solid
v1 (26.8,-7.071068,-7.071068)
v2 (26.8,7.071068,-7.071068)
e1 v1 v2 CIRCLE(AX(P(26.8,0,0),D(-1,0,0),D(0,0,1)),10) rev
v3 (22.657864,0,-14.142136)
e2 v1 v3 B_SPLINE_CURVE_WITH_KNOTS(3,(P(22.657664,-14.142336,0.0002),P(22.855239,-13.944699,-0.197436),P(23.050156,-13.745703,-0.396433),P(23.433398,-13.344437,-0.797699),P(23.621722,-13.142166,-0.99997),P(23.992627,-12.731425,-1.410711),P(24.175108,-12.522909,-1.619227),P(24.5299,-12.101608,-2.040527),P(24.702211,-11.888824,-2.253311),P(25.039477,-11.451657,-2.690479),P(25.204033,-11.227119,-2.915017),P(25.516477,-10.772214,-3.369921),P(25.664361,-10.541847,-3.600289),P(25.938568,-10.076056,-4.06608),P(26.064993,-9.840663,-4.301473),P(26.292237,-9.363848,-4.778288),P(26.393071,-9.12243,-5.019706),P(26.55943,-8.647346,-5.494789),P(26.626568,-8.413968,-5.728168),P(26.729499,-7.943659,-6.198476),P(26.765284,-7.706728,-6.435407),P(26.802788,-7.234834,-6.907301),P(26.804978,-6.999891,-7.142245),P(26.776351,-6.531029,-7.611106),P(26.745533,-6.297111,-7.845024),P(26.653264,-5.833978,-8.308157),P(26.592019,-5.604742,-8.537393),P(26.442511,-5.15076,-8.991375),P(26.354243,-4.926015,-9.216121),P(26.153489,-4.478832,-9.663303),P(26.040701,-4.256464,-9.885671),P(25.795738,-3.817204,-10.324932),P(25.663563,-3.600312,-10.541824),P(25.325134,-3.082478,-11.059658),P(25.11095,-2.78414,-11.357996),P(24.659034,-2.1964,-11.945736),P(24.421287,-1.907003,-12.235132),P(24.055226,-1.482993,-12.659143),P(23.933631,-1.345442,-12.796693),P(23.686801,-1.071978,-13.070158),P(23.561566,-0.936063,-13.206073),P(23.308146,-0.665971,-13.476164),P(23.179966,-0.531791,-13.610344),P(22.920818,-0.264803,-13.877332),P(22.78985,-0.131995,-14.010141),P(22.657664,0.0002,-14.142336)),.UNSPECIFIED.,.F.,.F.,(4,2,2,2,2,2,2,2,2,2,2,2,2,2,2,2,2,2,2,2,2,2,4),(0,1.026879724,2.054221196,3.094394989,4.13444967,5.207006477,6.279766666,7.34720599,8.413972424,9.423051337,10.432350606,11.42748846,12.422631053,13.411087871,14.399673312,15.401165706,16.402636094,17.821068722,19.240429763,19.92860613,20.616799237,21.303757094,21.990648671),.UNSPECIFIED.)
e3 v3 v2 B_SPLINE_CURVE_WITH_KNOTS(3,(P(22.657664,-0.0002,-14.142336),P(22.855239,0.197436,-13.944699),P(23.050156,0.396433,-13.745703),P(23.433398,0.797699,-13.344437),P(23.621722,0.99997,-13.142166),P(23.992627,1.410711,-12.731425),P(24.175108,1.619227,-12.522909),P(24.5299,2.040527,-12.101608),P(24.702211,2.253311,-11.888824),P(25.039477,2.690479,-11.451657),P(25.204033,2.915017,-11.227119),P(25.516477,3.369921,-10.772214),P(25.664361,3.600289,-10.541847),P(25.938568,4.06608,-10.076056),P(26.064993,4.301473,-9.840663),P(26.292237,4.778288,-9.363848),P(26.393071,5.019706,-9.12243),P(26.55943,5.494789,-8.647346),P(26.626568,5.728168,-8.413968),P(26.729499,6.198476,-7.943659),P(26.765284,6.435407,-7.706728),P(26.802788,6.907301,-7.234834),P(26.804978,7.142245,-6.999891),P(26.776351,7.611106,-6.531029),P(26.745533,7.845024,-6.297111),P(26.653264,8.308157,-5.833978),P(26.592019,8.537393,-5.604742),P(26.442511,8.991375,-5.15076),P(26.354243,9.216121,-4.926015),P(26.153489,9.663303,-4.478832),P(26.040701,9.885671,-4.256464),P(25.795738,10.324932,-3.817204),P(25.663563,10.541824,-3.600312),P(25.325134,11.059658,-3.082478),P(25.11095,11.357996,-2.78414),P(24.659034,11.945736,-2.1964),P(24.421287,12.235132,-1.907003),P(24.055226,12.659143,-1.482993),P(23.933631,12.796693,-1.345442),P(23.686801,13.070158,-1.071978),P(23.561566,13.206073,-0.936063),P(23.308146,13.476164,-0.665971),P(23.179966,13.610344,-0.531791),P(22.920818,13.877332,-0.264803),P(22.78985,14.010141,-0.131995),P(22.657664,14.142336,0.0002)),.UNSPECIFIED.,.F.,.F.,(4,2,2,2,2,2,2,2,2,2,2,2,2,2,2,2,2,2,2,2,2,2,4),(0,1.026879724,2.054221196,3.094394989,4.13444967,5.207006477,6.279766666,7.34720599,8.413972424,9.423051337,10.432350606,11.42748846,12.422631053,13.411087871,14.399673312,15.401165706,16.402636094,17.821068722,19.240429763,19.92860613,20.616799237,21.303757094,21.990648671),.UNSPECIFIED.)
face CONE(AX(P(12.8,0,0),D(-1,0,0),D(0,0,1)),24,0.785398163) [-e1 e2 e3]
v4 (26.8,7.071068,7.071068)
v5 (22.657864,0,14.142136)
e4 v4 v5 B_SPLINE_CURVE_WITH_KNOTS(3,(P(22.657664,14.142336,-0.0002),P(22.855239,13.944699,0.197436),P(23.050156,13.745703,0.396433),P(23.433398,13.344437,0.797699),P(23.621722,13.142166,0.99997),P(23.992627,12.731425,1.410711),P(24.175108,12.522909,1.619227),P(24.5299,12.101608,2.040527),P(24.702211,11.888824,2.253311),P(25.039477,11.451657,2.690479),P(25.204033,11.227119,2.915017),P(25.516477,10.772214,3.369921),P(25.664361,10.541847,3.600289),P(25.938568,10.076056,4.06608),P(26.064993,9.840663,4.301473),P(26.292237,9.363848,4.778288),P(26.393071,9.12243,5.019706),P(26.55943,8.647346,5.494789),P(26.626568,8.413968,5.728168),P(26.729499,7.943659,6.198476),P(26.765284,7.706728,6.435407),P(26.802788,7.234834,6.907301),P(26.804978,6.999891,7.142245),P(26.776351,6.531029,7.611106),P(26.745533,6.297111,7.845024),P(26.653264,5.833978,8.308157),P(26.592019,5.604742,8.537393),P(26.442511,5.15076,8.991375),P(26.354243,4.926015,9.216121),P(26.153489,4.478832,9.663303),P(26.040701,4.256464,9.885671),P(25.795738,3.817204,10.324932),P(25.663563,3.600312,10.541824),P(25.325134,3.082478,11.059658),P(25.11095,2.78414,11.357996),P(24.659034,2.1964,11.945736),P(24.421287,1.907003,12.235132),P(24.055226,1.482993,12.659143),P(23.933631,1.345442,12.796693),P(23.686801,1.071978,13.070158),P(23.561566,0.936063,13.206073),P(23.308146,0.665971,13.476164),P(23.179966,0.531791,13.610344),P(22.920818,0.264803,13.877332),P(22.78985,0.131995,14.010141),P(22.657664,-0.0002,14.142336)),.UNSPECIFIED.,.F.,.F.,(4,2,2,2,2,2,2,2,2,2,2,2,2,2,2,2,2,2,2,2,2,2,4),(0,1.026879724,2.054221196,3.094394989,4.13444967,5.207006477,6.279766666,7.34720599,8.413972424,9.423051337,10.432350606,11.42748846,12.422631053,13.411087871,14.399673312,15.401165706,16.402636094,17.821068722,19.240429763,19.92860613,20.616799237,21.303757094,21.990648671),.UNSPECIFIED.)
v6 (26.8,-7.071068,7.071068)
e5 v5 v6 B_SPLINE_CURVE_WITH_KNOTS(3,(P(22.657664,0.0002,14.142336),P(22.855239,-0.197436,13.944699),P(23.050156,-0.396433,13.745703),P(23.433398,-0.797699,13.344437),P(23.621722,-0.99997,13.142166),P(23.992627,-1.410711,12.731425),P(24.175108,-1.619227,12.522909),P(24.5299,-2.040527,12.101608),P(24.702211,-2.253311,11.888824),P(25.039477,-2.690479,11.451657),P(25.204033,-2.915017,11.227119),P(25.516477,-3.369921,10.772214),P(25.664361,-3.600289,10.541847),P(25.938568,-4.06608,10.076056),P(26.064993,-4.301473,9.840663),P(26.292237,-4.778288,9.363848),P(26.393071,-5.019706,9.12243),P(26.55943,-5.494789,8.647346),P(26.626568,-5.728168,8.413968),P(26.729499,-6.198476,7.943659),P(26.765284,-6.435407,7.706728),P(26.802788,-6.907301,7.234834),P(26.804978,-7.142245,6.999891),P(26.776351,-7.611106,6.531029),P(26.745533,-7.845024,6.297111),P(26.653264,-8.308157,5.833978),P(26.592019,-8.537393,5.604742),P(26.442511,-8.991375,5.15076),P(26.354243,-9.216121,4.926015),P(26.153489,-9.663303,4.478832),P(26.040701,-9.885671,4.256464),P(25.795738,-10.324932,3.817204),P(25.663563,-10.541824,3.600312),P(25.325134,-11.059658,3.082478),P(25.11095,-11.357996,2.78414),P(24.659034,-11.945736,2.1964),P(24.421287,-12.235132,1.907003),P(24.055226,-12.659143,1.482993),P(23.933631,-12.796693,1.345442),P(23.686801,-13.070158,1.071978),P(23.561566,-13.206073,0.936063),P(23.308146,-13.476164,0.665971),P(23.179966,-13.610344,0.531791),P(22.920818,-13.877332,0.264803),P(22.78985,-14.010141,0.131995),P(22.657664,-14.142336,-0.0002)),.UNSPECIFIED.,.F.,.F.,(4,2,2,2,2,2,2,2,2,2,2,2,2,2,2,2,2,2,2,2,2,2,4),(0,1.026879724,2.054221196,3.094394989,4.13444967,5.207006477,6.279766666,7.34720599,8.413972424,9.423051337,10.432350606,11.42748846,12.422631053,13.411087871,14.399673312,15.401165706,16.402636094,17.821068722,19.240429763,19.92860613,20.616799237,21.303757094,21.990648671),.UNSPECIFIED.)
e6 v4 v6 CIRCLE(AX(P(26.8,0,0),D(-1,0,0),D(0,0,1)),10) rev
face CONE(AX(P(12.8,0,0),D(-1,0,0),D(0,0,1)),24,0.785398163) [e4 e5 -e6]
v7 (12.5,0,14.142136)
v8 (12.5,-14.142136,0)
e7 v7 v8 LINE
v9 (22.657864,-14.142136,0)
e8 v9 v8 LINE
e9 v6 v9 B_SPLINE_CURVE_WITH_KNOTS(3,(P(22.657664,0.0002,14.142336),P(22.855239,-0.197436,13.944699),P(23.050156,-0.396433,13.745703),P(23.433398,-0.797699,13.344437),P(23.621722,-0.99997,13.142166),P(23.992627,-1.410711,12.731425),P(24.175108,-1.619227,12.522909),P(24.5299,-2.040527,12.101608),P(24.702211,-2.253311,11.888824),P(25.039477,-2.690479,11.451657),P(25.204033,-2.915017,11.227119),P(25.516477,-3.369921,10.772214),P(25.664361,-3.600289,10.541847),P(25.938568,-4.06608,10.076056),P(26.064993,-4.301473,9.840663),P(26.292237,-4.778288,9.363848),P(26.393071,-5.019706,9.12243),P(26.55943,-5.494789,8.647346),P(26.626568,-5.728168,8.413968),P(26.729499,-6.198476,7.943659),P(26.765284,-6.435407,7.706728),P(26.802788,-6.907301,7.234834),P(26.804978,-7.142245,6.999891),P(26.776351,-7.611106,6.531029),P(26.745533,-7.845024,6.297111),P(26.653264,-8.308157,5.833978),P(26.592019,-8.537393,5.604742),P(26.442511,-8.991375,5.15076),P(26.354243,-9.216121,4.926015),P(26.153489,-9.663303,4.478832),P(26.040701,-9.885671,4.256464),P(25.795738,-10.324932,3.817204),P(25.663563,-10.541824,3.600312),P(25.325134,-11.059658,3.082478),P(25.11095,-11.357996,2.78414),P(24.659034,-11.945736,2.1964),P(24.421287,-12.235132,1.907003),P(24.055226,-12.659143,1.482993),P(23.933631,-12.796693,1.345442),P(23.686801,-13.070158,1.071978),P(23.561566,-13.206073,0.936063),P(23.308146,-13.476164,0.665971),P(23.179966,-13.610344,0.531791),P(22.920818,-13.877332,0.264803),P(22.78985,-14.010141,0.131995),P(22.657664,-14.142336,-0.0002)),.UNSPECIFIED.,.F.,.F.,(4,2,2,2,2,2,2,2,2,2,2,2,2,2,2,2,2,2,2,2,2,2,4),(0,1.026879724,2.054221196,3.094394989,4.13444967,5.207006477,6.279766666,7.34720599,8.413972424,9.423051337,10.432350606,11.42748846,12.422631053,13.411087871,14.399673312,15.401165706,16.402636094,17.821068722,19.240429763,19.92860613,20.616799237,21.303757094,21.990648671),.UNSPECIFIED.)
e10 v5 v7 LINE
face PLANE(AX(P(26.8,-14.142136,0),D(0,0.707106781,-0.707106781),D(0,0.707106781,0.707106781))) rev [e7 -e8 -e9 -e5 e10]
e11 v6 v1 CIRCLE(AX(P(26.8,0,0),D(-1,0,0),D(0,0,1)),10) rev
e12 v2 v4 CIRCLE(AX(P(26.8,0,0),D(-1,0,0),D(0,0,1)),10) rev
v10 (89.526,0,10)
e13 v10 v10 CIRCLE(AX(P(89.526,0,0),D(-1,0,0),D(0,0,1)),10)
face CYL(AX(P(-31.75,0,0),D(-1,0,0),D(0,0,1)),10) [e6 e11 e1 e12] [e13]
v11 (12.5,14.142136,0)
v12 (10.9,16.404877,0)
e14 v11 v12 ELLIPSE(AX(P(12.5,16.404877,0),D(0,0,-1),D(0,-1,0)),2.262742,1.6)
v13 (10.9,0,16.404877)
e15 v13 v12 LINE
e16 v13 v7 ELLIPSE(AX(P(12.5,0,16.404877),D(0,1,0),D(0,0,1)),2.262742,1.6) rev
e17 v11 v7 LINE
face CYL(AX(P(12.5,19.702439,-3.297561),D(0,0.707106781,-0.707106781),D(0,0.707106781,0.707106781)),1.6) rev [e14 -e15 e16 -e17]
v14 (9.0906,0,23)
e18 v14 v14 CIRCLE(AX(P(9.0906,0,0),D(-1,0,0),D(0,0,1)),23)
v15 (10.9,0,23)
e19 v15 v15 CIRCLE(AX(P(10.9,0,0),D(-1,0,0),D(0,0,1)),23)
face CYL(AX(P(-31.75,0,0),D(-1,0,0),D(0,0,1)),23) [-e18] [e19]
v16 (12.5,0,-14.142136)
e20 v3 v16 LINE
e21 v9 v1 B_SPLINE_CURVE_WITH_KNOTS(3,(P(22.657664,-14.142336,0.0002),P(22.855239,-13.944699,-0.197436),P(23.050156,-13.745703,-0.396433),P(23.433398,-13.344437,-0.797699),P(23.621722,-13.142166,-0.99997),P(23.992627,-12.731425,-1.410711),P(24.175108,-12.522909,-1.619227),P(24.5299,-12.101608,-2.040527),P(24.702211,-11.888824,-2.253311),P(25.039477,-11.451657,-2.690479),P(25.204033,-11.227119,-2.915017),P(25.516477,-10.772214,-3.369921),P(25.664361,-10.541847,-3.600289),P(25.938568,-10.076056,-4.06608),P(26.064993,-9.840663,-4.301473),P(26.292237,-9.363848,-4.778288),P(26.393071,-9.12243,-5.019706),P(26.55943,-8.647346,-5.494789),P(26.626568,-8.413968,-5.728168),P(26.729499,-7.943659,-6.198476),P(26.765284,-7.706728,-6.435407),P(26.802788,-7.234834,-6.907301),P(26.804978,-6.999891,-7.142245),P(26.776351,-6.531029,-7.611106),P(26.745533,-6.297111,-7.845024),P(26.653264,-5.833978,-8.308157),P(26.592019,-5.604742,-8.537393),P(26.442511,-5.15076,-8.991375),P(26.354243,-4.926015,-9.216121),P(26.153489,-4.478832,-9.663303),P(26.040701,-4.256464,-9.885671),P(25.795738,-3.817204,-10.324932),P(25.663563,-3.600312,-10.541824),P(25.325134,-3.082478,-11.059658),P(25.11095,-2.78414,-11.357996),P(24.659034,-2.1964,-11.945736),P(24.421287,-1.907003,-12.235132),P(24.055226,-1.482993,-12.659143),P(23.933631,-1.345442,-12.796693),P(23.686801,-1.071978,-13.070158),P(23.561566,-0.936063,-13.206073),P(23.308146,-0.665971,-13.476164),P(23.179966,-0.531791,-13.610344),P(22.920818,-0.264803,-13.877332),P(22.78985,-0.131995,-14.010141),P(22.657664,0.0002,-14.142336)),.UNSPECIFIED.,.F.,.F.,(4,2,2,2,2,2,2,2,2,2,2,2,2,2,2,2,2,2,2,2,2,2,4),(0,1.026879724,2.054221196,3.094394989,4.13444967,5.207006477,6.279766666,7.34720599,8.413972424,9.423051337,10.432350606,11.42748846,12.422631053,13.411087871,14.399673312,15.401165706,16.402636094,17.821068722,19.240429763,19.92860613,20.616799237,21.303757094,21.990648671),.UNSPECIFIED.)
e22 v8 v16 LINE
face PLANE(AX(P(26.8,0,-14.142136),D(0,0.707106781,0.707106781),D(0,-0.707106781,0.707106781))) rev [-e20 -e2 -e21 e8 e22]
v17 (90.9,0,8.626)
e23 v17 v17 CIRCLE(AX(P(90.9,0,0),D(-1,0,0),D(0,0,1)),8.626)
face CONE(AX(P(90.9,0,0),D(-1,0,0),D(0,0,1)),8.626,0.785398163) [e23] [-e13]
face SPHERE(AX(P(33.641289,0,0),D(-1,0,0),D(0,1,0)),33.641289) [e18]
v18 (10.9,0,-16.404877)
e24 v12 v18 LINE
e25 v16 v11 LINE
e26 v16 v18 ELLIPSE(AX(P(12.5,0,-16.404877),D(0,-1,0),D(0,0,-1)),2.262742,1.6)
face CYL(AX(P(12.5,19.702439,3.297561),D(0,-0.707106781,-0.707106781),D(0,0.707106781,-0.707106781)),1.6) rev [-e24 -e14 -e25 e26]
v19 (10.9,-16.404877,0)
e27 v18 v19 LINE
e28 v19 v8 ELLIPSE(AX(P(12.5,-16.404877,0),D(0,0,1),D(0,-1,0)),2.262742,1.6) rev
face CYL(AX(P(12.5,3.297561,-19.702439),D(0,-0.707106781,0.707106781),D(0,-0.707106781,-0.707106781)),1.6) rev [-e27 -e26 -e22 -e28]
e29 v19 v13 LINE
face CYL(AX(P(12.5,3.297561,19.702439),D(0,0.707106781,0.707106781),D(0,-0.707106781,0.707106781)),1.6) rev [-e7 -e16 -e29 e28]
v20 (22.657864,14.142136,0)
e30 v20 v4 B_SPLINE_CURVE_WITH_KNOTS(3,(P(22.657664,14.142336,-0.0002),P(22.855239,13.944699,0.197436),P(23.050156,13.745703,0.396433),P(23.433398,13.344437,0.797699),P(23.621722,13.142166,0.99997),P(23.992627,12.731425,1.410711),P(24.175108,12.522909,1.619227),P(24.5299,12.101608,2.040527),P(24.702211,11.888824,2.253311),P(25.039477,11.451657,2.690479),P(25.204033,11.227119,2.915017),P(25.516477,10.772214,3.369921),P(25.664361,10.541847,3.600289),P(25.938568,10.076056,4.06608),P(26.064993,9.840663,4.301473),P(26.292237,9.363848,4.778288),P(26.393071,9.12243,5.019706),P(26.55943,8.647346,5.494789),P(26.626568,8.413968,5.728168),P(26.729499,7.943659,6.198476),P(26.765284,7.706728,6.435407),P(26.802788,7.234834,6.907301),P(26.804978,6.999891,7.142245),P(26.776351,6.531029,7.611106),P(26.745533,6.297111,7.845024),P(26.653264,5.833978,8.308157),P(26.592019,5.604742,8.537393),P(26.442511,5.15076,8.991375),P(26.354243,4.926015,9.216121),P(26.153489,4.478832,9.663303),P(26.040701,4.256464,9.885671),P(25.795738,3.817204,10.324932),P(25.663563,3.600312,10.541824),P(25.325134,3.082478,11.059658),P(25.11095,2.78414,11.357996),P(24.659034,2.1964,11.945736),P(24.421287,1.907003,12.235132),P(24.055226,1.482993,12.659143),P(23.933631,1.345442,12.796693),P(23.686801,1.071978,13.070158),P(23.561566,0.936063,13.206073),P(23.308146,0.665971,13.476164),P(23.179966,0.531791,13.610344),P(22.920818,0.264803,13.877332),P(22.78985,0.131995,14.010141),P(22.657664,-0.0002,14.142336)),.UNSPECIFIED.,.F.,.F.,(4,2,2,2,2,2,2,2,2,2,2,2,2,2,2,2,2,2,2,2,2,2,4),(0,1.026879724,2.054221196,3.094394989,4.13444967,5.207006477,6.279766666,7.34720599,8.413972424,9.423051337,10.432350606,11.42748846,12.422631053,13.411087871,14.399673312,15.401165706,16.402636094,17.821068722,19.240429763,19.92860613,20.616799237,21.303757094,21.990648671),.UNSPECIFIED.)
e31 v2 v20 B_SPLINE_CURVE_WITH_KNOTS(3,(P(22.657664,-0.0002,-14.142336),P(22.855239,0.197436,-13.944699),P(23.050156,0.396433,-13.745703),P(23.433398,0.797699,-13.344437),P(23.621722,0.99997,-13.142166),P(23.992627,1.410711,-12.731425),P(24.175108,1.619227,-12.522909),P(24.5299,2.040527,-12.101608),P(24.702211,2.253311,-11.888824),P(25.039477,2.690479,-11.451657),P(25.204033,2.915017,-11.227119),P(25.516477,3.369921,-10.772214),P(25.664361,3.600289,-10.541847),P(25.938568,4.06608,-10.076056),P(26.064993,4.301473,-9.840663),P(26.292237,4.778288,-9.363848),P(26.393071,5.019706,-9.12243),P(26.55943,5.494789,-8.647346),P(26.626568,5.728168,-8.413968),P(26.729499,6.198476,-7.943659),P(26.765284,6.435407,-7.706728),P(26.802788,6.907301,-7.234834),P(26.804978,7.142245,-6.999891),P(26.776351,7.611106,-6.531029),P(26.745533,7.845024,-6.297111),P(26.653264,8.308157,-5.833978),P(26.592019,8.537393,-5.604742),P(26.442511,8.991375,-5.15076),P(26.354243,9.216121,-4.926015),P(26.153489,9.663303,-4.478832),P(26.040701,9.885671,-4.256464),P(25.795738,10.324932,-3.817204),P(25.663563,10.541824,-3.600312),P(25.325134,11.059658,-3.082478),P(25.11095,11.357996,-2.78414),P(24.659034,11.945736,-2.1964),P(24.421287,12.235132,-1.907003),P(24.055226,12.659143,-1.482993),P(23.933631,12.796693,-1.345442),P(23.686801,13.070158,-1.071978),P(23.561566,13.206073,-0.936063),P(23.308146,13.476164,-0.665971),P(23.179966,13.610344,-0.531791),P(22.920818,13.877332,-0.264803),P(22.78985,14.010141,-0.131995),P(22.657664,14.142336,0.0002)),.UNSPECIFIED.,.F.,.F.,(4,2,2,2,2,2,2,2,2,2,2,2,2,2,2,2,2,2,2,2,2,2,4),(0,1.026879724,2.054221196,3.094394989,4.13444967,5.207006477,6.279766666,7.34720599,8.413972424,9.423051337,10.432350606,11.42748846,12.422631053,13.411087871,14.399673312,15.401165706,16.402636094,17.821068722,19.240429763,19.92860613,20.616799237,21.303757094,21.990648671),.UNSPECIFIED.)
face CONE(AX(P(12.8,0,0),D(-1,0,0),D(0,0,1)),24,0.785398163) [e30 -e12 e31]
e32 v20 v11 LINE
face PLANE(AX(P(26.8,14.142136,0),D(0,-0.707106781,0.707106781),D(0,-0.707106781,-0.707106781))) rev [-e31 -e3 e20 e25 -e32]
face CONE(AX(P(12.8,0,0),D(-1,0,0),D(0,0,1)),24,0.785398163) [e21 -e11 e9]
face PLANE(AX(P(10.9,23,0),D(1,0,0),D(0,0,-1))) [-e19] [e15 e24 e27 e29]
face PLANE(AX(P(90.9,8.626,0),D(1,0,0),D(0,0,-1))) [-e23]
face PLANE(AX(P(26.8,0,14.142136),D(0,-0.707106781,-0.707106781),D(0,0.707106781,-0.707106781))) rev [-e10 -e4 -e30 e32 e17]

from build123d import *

# Parameters (mm, degrees)
BOSS_EXTRUDE1_DEPTH = 15.9
FILLET1_R           = 1.6


with BuildPart() as part:
    # BodySke → Base-Revolve (revolve)
    with BuildSketch(Plane.XY, mode=Mode.PRIVATE) as base_revolve_sk:
        with BuildLine():
            Line((9.0906, 23), (10.9, 23))
            Line((10.9, 23), (10.9, 10))
            Line((10.9, 10), (89.526, 10))
            Line((89.526, 10), (90.9, 8.626))
            Line((90.9, 8.626), (90.9, 0))
            Line((90.9, 0), (0, 0))
            ThreePointArc((0, 0), (2.355084776, 12.365668283), (9.0906, 23))
        make_face()
    revolve(base_revolve_sk.sketch.rotate(Axis((-31.75, 0, 0), (1, 0, 0)), 90), axis=Axis((-31.75, 0, 0), (1, 0, 0)))

    # Sketch1 → Boss-Extrude1 (add)
    with BuildSketch(Plane(origin=(10.9, 0, 0), x_dir=(0, 0, -1), z_dir=(1, 0, 0))):
        Polygon((0, 14.142135624), (14.142135624, 0), (0, -14.142135624), (-14.142135624, 0), align=None)
    extrude(amount=BOSS_EXTRUDE1_DEPTH)

    # Sketch2 → Cut-Revolve1 (revolve, cut)
    with BuildSketch(Plane.XY):
        Polygon((26.8, 10), (31.8, 10), (31.8, 24), (12.8, 24), align=None)
    revolve(axis=Axis((0, 0, 0), (1, 0, 0)), mode=Mode.SUBTRACT)

    # Fillet1
    fillet1_edges = [part.edges().sort_by_distance(p)[0] for p in [
        (10.9, 7.071067812, -7.071067812),
        (10.9, -7.071067812, -7.071067812),
        (10.9, 7.071067812, 7.071067812),
        (10.9, -7.071067812, 7.071067812),
    ]]
    fillet(fillet1_edges, radius=FILLET1_R)


solid = part.part
